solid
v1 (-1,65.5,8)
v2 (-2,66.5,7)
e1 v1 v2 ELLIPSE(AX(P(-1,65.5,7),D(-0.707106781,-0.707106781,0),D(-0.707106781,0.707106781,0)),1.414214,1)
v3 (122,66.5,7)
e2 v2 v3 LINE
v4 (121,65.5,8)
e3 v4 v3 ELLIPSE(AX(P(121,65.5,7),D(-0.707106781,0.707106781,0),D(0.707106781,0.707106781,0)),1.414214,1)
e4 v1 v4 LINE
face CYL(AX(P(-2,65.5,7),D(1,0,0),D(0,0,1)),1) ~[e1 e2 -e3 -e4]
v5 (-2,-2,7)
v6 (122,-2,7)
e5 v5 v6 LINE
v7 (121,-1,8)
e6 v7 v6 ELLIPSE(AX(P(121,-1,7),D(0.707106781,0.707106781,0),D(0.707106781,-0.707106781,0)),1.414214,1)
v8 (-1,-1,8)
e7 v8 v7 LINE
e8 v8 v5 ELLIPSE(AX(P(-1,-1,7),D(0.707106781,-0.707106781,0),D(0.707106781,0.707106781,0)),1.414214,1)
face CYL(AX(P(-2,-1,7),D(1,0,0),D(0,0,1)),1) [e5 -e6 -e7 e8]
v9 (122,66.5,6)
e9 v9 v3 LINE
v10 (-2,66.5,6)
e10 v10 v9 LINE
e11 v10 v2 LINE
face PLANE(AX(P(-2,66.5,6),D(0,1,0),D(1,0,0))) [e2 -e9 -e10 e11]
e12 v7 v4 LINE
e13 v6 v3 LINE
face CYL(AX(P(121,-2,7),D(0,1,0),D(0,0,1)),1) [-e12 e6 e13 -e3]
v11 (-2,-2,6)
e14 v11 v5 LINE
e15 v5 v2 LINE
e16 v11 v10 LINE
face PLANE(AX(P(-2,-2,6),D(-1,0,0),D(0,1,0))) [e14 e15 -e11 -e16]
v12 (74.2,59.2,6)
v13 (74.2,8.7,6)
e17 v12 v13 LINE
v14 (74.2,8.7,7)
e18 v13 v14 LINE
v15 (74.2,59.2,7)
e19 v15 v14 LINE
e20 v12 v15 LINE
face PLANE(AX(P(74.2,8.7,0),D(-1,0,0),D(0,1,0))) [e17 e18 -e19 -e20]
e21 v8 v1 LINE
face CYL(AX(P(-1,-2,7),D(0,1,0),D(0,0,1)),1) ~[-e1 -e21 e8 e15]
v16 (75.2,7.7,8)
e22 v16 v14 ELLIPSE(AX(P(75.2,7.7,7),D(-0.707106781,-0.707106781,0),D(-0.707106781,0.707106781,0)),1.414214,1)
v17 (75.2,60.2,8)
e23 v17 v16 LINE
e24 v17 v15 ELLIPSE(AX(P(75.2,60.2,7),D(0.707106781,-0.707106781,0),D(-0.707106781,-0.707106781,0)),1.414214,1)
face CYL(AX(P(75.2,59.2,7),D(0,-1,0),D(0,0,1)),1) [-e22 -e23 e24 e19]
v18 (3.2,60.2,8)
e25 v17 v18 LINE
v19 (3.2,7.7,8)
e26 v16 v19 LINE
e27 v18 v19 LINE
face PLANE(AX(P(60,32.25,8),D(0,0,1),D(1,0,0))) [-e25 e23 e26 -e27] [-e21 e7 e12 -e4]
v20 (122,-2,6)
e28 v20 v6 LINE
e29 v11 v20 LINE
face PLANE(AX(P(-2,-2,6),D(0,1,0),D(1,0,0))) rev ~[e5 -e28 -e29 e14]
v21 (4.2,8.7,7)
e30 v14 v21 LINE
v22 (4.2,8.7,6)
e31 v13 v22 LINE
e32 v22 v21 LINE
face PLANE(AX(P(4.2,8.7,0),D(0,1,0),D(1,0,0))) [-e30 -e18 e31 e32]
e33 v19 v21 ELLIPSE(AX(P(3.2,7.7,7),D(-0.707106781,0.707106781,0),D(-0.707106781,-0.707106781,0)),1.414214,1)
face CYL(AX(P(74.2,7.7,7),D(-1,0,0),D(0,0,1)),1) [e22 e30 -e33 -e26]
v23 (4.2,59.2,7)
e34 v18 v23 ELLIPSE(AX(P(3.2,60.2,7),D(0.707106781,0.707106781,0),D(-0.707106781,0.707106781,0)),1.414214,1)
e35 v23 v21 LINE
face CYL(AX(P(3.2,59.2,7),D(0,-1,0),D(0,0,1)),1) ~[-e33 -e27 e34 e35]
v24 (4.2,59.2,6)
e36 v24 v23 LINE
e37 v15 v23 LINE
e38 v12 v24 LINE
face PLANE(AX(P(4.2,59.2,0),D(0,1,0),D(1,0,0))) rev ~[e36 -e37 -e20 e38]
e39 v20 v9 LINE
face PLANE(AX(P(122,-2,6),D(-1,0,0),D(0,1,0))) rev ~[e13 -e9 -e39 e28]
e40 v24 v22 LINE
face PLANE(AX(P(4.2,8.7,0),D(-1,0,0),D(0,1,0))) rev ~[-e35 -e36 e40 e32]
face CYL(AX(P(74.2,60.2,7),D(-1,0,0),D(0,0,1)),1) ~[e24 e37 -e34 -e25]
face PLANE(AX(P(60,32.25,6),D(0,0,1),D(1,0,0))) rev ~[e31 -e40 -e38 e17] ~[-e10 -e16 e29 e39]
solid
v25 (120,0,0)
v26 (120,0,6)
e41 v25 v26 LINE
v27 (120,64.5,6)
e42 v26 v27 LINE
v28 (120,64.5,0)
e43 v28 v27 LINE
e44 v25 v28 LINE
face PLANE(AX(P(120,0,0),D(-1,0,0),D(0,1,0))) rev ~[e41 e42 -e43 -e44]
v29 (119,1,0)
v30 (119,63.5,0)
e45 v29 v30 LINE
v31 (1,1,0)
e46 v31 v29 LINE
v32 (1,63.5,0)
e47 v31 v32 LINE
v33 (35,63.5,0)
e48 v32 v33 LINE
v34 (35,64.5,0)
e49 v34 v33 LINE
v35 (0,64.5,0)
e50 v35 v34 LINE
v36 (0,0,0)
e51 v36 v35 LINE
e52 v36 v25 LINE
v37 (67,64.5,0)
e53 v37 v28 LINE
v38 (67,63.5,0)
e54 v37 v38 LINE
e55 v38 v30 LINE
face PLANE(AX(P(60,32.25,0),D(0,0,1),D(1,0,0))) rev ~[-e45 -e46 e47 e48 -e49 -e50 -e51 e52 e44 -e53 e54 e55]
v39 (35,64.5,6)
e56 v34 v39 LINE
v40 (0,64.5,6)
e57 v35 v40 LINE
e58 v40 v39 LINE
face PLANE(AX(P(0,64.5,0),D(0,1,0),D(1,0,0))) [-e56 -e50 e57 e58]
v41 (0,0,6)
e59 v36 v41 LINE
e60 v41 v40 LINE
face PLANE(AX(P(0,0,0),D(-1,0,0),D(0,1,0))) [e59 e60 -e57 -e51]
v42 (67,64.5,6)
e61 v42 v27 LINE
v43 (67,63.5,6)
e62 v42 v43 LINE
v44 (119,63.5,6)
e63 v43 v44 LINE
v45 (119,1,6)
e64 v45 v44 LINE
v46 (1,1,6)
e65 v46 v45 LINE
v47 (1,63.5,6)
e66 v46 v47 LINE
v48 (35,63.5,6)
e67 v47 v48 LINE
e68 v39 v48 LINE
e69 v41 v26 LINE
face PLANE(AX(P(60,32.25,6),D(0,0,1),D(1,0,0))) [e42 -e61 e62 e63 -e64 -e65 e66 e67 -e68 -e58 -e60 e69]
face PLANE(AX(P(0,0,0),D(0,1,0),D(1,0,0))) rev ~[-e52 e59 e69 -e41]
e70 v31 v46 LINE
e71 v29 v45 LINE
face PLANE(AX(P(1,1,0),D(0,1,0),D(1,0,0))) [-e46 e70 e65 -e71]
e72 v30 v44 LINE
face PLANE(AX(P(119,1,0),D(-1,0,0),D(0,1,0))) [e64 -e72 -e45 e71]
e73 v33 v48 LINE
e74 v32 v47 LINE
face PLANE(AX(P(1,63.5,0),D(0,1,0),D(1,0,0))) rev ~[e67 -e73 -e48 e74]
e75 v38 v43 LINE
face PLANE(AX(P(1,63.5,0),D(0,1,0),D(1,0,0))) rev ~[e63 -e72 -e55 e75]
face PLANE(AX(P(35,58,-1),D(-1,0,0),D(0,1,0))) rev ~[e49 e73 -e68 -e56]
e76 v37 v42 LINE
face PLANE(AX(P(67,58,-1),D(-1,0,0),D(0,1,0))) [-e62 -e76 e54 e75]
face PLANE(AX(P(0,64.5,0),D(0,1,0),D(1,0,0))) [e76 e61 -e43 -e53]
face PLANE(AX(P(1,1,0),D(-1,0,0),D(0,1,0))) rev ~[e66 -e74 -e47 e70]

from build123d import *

# Parameters (mm, degrees)
BOX003_W     = 32
BOX003_H     = 10
BOX003_DEPTH = 10
BOX002_W     = 118
BOX002_H     = 62.5
BOX002_DEPTH = 6
BOX_W        = 120
BOX_H        = 64.5
BOX_DEPTH    = 6
BOX004_W     = 70
BOX004_H     = 50.5
BOX004_DEPTH = 10
BOX001_W     = 124
BOX001_H     = 68.5
BOX001_DEPTH = 2
FILLET_R     = 1
FILLET001_R  = 1


with BuildPart() as cube003:
    # Box003 → Box003 (new body)
    with BuildSketch(Plane(origin=(35, 58, -1), x_dir=(1, 0, 0), z_dir=(0, 0, 1))):
        with Locations((16, 5)):
            Rectangle(BOX003_W, BOX003_H)
    extrude(amount=BOX003_DEPTH)


with BuildPart() as cube002:
    # Box002 → Box002 (new body)
    with BuildSketch(Plane(origin=(1, 1, 0), x_dir=(1, 0, 0), z_dir=(0, 0, 1))):
        with Locations((59, 31.25)):
            Rectangle(BOX002_W, BOX002_H)
    extrude(amount=BOX002_DEPTH)


with BuildPart() as cut001:
    # Box → Box (new body)
    with BuildSketch(Plane.XY):
        with Locations((60, 32.25)):
            Rectangle(BOX_W, BOX_H)
    extrude(amount=BOX_DEPTH)

    # Cut: cut Cube002
    add(cube002.part, mode=Mode.SUBTRACT)

    # Cut001: cut Cube003
    add(cube003.part, mode=Mode.SUBTRACT)


with BuildPart() as cut001_1:
    # Cut001 placement: moved
    add(cut001.part.moved(Location((0, 0, 0.1))))


with BuildPart() as cube004:
    # Box004 → Box004 (new body)
    with BuildSketch(Plane(origin=(4.2, 8.7, 0), x_dir=(1, 0, 0), z_dir=(0, 0, 1))):
        with Locations((35, 25.25)):
            Rectangle(BOX004_W, BOX004_H)
    extrude(amount=BOX004_DEPTH)


with BuildPart() as fillet001:
    # Box001 → Box001 (new body)
    with BuildSketch(Plane(origin=(-2, -2, 6), x_dir=(1, 0, 0), z_dir=(0, 0, 1))):
        with Locations((62, 34.25)):
            Rectangle(BOX001_W, BOX001_H)
    extrude(amount=BOX001_DEPTH)

    # Cut002: cut Cube004
    add(cube004.part, mode=Mode.SUBTRACT)

    # Fillet
    fillet_edges = [fillet001.edges().sort_by_distance(p)[0] for p in [
        (39.2, 8.7, 8),
        (74.2, 33.95, 8),
        (39.2, 59.2, 8),
        (4.2, 33.95, 8),
    ]]
    fillet(fillet_edges, radius=FILLET_R)

    # Fillet001
    fillet001_edges = [fillet001.edges().sort_by_distance(p)[0] for p in [
        (-2, 32.25, 8),
        (60, 66.5, 8),
        (60, -2, 8),
        (122, 32.25, 8),
    ]]
    fillet(fillet001_edges, radius=FILLET001_R)


solid = Compound([cut001_1.part, fillet001.part])
